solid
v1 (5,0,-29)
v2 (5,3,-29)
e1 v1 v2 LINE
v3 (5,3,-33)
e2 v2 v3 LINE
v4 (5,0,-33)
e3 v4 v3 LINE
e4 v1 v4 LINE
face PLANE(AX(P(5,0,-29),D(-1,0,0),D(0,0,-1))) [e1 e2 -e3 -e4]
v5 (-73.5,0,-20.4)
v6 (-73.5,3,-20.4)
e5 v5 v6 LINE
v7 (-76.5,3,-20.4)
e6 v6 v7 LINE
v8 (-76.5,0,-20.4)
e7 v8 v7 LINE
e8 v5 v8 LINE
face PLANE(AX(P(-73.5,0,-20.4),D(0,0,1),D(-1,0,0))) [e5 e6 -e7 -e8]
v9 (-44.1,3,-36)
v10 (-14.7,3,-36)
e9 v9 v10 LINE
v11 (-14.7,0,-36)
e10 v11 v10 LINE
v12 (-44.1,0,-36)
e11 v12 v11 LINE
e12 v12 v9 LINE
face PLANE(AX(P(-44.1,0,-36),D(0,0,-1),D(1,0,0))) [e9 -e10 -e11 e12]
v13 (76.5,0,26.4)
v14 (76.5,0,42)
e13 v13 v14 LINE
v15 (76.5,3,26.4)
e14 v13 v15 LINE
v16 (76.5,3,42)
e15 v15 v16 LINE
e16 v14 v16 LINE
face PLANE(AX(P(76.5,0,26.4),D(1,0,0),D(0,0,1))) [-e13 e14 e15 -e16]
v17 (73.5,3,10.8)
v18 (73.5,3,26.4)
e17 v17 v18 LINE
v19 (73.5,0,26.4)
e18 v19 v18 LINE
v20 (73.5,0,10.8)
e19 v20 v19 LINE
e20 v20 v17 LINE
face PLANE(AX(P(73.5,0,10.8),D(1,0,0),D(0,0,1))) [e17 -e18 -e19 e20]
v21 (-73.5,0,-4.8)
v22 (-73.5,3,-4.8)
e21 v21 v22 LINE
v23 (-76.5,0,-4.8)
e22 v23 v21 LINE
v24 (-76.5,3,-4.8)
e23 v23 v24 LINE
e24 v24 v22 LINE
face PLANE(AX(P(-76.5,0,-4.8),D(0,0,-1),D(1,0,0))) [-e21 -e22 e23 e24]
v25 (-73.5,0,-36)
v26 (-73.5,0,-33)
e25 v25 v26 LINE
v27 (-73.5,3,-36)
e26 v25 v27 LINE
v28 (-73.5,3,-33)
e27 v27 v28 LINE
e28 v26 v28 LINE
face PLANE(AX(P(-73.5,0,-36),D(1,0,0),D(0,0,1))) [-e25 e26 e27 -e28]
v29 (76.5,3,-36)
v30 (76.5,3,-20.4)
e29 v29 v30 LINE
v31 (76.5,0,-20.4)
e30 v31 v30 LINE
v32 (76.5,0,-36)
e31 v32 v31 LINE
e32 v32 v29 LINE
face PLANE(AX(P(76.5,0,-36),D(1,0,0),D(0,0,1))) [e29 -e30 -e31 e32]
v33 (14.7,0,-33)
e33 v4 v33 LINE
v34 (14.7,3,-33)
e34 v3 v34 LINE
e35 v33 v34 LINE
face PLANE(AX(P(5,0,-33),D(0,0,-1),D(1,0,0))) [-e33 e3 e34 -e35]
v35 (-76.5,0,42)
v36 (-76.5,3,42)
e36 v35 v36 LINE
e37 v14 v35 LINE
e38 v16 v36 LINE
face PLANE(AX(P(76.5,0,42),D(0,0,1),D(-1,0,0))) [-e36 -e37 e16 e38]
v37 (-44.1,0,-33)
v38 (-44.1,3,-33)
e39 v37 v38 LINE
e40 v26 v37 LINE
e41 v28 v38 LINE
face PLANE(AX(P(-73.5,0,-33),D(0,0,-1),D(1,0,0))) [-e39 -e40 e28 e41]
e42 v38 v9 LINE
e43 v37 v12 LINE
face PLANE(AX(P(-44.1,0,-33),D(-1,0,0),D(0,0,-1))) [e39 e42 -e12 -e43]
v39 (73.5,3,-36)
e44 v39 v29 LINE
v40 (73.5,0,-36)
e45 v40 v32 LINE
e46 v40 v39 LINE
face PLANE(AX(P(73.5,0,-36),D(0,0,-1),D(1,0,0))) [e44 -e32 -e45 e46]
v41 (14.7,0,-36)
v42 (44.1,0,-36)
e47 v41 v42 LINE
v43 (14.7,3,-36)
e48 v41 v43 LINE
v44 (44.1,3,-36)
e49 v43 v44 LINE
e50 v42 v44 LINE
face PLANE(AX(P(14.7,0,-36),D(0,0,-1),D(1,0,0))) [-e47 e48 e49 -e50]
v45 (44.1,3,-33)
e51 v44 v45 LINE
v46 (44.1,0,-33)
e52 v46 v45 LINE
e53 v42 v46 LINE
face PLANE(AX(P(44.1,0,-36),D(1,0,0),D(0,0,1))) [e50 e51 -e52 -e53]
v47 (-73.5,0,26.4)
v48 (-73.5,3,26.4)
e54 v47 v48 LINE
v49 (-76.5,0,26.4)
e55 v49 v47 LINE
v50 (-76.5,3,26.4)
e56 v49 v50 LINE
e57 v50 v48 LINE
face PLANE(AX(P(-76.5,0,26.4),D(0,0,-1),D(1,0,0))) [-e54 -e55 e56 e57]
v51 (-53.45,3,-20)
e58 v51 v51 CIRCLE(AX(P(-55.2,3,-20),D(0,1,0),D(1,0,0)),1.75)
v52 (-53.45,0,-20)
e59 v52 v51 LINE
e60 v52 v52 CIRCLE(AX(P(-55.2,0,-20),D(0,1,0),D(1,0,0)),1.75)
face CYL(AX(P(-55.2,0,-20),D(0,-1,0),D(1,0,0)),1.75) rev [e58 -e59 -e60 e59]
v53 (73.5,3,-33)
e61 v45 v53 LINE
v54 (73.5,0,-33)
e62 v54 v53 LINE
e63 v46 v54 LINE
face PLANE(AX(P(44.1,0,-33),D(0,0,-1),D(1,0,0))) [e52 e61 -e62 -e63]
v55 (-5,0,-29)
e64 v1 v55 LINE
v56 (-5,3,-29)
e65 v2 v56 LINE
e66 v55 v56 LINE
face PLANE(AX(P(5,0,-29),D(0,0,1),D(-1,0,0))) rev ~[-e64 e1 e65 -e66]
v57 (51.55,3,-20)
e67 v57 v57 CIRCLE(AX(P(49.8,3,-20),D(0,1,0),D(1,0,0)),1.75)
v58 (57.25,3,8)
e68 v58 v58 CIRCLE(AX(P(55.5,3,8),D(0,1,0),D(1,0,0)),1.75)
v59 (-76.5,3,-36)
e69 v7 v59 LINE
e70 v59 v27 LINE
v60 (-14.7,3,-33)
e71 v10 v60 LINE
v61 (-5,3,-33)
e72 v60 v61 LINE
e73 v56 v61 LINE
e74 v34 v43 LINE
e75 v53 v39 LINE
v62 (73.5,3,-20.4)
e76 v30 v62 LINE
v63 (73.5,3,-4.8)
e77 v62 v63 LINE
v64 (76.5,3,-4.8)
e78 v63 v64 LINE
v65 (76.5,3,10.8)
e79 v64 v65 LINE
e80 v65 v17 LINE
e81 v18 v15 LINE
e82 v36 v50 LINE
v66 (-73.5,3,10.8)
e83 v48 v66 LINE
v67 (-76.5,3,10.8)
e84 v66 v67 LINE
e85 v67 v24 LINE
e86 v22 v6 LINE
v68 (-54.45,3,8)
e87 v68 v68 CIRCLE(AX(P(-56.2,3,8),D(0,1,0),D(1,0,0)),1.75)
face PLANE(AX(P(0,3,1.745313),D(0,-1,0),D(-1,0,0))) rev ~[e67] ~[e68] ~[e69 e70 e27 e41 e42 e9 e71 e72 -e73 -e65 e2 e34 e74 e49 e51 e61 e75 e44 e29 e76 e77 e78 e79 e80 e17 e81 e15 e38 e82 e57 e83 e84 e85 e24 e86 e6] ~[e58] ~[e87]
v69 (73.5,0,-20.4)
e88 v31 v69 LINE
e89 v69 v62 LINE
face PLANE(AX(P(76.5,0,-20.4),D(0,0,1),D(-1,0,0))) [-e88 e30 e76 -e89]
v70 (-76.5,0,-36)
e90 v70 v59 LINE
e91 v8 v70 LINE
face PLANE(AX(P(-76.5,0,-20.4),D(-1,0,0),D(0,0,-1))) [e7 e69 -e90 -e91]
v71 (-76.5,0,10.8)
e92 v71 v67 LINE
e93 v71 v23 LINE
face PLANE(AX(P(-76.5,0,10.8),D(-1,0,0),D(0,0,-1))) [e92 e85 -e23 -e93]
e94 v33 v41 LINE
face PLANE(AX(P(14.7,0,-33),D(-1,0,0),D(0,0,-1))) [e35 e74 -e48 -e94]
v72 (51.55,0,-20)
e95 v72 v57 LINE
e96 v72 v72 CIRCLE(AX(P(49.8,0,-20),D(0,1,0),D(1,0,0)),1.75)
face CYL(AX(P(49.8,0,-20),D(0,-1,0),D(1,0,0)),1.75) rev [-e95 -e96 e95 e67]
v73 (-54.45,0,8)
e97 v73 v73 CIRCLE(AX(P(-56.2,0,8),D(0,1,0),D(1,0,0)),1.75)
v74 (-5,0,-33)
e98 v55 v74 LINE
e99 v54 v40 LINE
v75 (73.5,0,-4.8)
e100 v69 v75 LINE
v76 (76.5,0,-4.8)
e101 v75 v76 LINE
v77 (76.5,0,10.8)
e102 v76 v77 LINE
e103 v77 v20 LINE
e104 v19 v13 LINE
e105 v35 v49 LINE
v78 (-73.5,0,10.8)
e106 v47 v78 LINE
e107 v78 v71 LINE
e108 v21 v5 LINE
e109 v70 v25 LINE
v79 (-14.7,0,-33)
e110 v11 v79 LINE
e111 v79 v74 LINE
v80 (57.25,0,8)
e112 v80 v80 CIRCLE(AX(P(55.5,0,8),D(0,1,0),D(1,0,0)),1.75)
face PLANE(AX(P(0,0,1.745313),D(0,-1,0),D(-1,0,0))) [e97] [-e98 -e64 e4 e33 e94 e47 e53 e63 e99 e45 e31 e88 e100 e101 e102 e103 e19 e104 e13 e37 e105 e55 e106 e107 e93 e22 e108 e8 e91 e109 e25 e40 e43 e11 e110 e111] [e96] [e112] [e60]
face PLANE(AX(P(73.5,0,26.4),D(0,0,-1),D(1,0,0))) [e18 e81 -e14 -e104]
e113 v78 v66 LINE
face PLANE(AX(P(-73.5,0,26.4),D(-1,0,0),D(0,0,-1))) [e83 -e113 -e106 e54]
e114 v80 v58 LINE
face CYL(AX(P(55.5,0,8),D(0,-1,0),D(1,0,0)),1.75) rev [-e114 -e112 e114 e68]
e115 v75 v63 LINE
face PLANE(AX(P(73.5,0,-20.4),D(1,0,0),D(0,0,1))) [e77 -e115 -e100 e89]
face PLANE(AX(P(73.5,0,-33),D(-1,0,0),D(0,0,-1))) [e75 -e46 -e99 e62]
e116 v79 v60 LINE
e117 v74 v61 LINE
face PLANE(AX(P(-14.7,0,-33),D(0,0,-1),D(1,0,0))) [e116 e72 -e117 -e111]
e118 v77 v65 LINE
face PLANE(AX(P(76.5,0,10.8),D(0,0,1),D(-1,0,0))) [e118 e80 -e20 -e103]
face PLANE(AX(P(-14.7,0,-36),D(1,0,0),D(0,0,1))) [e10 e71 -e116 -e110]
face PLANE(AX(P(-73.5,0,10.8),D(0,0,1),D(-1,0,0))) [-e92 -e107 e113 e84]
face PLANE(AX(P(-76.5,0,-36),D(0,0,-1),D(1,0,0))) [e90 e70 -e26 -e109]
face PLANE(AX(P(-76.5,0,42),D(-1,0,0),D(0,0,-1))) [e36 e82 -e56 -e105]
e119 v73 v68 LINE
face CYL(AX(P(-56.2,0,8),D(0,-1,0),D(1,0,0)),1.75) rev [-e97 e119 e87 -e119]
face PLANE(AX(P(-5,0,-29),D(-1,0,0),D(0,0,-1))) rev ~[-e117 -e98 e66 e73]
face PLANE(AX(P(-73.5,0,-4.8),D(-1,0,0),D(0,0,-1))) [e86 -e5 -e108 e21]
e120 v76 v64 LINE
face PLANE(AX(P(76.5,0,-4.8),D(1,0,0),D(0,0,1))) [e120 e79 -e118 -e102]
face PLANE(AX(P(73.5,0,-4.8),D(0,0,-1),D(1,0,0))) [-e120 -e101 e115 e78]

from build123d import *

# Parameters (mm, degrees)
SKETCH1_R           = 1.75
BOSS_EXTRUDE1_DEPTH = 3


with BuildPart() as part:
    # Sketch1 → Boss-Extrude1 (new body)
    with BuildSketch(Plane(origin=(0, 0, 0), x_dir=(1, 0, 0), z_dir=(0, 1, 0))):
        Polygon((-73.5, 33), (-44.1, 33), (-44.1, 36), (-14.7, 36), (-14.7, 33), (-5, 33), (-5, 32), (-5, 29), (0, 29), (5, 29), (5, 33), (14.7, 33), (14.7, 36), (44.1, 36), (44.1, 33), (73.5, 33), (73.5, 36), (76.5, 36), (76.5, 20.4), (73.5, 20.4), (73.5, 4.8), (76.5, 4.8), (76.5, -10.8), (73.5, -10.8), (73.5, -26.4), (76.5, -26.4), (76.5, -42), (-76.5, -42), (-76.5, -26.4), (-73.5, -26.4), (-73.5, -10.8), (-76.5, -10.8), (-76.5, 4.8), (-73.5, 4.8), (-73.5, 20.4), (-76.5, 20.4), (-76.5, 36), (-73.5, 36), align=None)
        with Locations((-56.2, -8)):
            Circle(SKETCH1_R, mode=Mode.SUBTRACT)
        with Locations((-55.2, 20)):
            Circle(SKETCH1_R, mode=Mode.SUBTRACT)
        with Locations((49.8, 20)):
            Circle(SKETCH1_R, mode=Mode.SUBTRACT)
        with Locations((55.5, -8)):
            Circle(SKETCH1_R, mode=Mode.SUBTRACT)
    extrude(amount=BOSS_EXTRUDE1_DEPTH)


solid = part.part
